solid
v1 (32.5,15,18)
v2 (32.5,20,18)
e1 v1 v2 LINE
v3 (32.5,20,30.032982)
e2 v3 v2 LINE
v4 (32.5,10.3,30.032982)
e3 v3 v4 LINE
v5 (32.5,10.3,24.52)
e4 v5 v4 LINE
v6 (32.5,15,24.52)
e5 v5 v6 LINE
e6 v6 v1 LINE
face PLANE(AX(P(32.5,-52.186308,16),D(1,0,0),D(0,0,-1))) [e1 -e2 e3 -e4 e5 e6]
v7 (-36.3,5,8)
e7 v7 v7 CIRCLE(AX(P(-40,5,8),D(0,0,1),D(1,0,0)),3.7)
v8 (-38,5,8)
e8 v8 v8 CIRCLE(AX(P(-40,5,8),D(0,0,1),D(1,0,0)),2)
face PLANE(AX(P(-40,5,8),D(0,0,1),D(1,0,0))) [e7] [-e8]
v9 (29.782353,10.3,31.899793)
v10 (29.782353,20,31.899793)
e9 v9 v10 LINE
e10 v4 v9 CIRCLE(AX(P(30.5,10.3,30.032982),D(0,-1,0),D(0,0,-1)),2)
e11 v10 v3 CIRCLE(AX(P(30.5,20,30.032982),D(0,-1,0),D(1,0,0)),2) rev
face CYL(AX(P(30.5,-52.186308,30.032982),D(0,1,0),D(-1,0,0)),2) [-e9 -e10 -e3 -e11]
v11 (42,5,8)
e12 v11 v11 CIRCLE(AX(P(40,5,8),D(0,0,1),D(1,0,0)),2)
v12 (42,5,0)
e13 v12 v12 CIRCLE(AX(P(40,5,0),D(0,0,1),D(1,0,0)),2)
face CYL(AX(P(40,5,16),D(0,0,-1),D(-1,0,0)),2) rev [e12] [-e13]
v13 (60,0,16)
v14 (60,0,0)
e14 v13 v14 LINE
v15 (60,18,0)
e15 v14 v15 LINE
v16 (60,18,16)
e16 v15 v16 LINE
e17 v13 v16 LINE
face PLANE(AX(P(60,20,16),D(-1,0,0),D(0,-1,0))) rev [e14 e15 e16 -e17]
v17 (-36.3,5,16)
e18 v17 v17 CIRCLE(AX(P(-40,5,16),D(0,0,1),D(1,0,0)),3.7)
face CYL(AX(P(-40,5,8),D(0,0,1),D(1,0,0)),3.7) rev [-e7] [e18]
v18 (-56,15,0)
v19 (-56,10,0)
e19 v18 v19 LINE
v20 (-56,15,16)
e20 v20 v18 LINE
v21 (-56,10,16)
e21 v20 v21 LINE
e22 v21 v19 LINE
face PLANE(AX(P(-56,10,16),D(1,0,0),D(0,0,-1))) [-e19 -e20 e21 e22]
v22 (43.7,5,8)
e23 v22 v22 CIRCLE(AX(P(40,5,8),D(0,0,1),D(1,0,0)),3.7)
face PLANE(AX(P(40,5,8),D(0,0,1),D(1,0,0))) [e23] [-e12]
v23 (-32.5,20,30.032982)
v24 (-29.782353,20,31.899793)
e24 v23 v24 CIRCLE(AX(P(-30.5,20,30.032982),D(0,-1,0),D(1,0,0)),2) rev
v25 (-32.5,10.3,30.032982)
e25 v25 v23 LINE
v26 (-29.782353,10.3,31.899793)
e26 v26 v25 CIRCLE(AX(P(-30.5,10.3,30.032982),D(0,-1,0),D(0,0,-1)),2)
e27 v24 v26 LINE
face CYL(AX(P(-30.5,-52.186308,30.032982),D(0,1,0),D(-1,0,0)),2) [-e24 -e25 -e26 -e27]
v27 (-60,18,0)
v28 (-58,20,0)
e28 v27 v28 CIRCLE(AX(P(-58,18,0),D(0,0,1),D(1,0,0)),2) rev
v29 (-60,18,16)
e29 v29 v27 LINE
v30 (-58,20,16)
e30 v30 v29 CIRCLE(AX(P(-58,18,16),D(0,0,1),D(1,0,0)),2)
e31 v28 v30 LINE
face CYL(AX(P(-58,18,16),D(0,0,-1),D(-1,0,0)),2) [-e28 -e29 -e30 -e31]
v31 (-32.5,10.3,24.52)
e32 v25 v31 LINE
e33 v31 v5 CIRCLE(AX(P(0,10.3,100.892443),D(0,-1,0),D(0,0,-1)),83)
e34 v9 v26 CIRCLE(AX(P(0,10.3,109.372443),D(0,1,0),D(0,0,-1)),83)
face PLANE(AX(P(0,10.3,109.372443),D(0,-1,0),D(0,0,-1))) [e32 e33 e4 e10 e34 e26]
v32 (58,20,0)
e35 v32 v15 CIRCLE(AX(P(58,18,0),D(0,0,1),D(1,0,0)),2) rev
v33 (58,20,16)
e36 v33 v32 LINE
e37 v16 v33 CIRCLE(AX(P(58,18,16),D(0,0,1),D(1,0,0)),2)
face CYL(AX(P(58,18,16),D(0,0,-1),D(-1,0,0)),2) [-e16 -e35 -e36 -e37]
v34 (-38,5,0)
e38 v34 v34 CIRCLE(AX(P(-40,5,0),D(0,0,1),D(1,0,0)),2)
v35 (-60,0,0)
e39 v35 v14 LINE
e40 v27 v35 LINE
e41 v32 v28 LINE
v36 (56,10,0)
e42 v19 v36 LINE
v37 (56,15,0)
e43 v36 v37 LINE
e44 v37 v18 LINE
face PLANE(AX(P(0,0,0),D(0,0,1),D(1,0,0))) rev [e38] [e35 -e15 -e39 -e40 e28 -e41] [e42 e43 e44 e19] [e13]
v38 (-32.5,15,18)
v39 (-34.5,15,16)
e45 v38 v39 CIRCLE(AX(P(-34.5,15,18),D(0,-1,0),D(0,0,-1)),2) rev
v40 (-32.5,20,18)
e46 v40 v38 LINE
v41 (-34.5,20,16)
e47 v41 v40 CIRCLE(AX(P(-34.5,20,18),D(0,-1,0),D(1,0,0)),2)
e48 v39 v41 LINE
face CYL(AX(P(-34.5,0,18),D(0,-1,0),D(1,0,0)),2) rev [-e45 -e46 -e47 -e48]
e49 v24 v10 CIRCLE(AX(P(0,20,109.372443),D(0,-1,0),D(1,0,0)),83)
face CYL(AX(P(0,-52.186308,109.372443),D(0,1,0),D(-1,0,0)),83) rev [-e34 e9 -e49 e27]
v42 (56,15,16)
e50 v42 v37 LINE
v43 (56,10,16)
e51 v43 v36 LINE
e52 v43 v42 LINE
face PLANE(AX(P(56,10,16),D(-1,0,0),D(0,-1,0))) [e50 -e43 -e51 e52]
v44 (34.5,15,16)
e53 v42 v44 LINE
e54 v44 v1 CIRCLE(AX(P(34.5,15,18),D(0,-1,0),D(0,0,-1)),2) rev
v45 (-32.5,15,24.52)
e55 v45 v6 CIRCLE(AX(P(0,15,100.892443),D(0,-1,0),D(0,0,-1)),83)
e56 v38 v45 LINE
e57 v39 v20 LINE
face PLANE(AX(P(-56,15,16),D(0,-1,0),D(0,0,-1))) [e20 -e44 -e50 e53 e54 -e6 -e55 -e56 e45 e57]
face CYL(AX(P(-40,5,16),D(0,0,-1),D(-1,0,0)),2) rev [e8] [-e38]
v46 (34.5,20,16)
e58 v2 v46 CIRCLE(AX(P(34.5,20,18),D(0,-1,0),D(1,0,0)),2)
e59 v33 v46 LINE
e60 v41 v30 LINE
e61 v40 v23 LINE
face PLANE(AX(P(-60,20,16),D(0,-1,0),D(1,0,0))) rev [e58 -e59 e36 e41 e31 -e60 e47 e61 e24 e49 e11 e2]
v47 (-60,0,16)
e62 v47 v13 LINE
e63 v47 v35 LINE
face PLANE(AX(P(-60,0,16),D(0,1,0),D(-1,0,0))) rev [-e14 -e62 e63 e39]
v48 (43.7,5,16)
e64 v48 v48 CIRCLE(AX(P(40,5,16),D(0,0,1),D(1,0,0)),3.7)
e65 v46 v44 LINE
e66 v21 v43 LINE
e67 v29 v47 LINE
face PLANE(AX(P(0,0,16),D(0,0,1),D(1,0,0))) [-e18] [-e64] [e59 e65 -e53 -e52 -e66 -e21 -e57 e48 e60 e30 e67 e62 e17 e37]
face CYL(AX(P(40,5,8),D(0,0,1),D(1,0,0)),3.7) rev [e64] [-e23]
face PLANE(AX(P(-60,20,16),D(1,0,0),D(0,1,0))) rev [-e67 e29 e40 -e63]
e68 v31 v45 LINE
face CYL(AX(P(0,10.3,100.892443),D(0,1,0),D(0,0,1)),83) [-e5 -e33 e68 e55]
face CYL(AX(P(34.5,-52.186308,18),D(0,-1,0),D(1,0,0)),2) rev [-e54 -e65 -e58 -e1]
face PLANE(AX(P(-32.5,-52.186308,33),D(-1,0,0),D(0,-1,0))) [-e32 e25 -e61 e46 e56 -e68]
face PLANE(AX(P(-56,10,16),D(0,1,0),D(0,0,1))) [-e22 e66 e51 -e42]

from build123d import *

# Parameters (mm, degrees)
SKETCH1_W           = 120
SKETCH1_H           = 20
SKETCH1_R           = 2
SKETCH1_W_2         = 112
SKETCH1_H_2         = 5
BOSS_EXTRUDE1_DEPTH = 16
SKETCH2_R           = 3.7
CUT_EXTRUDE1_DEPTH  = 8
BOSS_EXTRUDE2_DEPTH = 5
BOSS_EXTRUDE3_DEPTH = 4.7
FILLET1_R           = 2


with BuildPart() as part:
    # Sketch1 → Boss-Extrude1 (new body)
    with BuildSketch(Plane.XY):
        with Locations((0, 10)):
            Rectangle(SKETCH1_W, SKETCH1_H)
        with Locations((-40, 5)):
            Circle(SKETCH1_R, mode=Mode.SUBTRACT)
        with Locations((40, 5)):
            Circle(SKETCH1_R, mode=Mode.SUBTRACT)
        with Locations((0, 12.5)):
            Rectangle(SKETCH1_W_2, SKETCH1_H_2, mode=Mode.SUBTRACT)
    extrude(amount=BOSS_EXTRUDE1_DEPTH)

    # Sketch2 → Cut-Extrude1 (cut)
    with BuildSketch(Plane.XY.offset(16)):
        with Locations((-40, 5)):
            Circle(SKETCH2_R)
        with Locations((40, 5)):
            Circle(SKETCH2_R)
    extrude(amount=-CUT_EXTRUDE1_DEPTH, mode=Mode.SUBTRACT)

    # Sketch3 → Boss-Extrude2 (add)
    with BuildSketch(Plane(origin=(0, 20, 0), x_dir=(1, 0, 0), z_dir=(0, 1, 0))):
        with BuildLine():
            Line((-32.5, -33), (-32.5, -16))
            Line((-32.5, -16), (32.5, -16))
            Line((32.5, -16), (32.5, -33))
            ThreePointArc((32.5, -33), (0, -26.372442674), (-32.5, -33))
        make_face()
    extrude(amount=-BOSS_EXTRUDE2_DEPTH)

    # Sketch4 → Boss-Extrude3 (add)
    with BuildSketch(Plane.XZ.offset(-15)):
        with BuildLine():
            Line((-32.5, 24.52), (-32.5, 33))
            ThreePointArc((-32.5, 33), (0, 26.372442674), (32.5, 33))
            Line((32.5, 33), (32.5, 24.52))
            ThreePointArc((32.5, 24.52), (0, 17.892442674), (-32.5, 24.52))
        make_face()
    extrude(amount=BOSS_EXTRUDE3_DEPTH)

    # Fillet1
    fillet1_edges = [part.edges().sort_by_distance(p)[0] for p in [
        (32.5, 17.5, 16),
        (-32.5, 17.5, 16),
        (-32.5, 15.15, 33),
        (32.5, 15.15, 33),
        (-60, 20, 8),
        (60, 20, 8),
    ]]
    fillet(fillet1_edges, radius=FILLET1_R)


solid = part.part
